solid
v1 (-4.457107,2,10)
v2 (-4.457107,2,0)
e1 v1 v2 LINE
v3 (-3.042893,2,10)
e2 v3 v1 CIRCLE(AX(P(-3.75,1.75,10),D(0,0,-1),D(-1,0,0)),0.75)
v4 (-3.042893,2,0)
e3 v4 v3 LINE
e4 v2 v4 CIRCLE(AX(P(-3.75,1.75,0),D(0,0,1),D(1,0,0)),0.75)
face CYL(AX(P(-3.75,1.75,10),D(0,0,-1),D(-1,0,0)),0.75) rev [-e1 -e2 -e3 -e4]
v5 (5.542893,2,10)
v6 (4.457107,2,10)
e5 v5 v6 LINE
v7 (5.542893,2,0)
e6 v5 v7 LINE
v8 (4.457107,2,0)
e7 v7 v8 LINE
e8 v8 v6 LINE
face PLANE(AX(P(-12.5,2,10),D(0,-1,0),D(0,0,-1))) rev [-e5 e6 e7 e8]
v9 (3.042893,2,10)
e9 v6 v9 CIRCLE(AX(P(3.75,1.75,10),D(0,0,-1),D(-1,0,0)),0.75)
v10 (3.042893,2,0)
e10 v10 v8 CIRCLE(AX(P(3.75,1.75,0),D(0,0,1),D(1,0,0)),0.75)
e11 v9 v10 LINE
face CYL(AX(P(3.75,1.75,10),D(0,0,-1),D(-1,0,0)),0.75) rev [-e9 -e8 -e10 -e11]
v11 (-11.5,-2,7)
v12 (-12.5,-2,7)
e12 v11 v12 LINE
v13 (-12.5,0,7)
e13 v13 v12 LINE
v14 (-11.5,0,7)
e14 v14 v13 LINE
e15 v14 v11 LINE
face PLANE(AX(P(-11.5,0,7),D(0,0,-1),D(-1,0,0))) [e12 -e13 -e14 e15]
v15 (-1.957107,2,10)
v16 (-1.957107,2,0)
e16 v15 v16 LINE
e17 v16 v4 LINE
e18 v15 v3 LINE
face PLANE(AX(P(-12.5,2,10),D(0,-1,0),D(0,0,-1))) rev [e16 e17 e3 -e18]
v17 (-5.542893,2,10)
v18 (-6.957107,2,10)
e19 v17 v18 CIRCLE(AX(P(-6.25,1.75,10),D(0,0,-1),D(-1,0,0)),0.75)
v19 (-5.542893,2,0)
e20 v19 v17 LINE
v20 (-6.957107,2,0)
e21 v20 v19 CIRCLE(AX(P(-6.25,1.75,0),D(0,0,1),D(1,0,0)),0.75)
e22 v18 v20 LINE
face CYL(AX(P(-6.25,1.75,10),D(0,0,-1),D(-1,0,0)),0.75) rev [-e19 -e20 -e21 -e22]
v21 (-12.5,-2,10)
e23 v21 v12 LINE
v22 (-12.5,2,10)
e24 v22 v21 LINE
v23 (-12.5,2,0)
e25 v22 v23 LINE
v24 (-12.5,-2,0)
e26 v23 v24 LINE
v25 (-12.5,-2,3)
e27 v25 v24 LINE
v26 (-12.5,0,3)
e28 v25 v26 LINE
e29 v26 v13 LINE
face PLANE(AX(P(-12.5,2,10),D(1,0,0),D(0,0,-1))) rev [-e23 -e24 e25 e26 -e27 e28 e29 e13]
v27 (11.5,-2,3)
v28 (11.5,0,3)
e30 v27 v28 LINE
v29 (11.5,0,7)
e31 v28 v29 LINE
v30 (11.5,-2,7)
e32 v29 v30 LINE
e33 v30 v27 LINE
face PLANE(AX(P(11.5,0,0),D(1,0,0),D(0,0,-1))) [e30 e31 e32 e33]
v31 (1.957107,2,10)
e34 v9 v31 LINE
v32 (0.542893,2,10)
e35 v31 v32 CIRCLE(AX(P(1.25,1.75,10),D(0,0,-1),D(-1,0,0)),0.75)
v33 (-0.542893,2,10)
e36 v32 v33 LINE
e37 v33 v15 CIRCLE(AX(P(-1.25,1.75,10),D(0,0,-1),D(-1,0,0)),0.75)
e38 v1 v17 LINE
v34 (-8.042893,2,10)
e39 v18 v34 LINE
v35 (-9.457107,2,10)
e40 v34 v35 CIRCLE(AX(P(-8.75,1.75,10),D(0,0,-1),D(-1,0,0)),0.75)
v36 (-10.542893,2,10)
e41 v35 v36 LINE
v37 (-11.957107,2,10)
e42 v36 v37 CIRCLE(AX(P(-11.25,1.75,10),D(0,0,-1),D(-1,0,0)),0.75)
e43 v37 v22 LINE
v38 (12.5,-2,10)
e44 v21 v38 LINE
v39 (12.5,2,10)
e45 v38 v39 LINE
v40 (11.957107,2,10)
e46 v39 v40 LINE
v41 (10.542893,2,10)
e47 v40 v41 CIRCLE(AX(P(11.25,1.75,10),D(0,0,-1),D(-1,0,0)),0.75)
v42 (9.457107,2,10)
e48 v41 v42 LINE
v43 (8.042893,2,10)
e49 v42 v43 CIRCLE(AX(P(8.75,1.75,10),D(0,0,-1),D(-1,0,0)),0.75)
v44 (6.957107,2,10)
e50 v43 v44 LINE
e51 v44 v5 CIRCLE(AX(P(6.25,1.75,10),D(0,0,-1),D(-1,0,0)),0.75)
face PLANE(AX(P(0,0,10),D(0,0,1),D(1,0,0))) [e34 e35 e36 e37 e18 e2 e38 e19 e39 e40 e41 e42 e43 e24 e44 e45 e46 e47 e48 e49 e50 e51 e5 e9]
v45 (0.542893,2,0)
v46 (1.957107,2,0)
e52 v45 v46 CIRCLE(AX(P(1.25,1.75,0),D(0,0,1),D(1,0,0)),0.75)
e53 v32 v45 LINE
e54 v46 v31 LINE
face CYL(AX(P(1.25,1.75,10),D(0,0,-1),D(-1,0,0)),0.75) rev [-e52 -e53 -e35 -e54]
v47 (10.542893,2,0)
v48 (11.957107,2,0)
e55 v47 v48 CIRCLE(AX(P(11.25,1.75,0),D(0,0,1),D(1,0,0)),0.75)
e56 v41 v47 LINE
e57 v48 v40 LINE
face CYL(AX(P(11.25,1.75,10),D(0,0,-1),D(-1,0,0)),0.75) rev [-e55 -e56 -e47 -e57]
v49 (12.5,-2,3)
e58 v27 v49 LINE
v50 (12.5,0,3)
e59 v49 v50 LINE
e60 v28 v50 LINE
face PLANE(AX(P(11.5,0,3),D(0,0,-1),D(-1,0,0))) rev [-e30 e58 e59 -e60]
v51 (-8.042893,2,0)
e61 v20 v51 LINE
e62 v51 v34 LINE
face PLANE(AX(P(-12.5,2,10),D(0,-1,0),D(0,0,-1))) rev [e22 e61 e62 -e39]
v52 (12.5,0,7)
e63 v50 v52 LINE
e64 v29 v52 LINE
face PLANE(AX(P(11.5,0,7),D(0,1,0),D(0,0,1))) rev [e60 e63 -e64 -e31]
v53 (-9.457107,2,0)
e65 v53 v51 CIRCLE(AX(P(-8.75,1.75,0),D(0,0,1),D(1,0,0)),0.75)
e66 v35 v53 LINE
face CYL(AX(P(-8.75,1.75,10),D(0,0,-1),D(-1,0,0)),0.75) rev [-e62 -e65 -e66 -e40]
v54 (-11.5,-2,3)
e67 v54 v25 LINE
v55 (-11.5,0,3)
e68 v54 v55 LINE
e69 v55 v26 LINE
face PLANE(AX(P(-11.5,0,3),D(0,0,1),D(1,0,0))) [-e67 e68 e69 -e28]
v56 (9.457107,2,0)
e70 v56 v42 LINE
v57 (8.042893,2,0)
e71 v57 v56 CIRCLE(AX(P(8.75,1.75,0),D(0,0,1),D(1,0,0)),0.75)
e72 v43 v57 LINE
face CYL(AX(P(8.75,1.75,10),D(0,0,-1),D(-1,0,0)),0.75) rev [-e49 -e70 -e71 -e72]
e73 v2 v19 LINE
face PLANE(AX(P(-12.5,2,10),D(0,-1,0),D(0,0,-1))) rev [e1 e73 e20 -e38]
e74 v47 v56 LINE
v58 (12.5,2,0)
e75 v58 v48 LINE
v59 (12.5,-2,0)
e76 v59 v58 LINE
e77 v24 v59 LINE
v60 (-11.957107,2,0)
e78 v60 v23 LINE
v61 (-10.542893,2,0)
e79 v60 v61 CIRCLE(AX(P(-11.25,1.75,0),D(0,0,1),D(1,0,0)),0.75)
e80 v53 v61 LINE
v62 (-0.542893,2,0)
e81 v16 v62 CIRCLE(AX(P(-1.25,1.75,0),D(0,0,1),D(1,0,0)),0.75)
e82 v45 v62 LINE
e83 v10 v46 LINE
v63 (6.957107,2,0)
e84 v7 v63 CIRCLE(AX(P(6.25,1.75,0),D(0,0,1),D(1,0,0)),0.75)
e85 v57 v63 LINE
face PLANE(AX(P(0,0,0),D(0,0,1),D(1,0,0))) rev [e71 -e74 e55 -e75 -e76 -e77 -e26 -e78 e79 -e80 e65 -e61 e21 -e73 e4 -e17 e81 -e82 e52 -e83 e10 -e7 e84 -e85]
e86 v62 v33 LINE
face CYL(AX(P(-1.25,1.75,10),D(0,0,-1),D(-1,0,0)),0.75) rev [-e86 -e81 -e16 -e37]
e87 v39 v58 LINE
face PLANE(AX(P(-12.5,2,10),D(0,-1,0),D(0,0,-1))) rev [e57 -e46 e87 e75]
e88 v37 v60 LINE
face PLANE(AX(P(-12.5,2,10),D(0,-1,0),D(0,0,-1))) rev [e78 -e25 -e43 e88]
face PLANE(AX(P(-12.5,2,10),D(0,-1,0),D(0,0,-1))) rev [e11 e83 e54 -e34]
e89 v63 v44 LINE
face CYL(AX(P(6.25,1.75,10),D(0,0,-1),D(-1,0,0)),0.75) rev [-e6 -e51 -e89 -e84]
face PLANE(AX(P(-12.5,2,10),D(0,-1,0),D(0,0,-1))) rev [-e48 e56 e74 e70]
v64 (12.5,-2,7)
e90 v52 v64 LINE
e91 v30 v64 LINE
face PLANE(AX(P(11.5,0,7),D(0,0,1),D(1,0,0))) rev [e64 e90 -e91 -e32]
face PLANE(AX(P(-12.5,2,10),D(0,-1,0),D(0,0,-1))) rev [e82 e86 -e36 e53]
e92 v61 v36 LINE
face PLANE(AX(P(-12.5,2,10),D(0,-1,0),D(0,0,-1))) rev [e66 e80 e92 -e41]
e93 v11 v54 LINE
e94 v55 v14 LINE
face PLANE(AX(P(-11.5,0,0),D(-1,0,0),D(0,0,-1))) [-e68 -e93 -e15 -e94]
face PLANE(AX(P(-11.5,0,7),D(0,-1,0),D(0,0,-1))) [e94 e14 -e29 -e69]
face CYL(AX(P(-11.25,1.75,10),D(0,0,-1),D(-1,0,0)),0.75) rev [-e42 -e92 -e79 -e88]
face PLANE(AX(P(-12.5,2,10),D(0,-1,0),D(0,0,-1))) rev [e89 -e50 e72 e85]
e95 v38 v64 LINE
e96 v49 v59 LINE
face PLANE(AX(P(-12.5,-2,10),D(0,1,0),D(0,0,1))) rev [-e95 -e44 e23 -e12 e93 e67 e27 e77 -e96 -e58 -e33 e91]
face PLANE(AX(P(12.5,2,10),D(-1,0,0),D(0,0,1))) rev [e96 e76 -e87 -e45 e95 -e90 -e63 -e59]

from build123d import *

# Parameters (mm, degrees)
SKETCH1_W           = 25
SKETCH1_H           = 4
BOSS_EXTRUDE1_DEPTH = 10
SKETCH2_R           = 0.75
CUT_EXTRUDE1_DEPTH  = 17.132265805
SKETCH4_W           = 4
SKETCH4_H           = 2
CUT_EXTRUDE2_DEPTH  = 1


with BuildPart() as part:
    # Sketch1 → Boss-Extrude1 (new body)
    with BuildSketch(Plane.XY):
        Rectangle(SKETCH1_W, SKETCH1_H)
    extrude(amount=BOSS_EXTRUDE1_DEPTH)

    # Sketch2 → Cut-Extrude1 (cut, through all)
    with BuildSketch(Plane(origin=(0, 0, 0), x_dir=(-1, 0, 0), z_dir=(0, 0, -1))):
        with Locations((-11.25, 1.75)):
            Circle(SKETCH2_R)
        with Locations((-8.75, 1.75)):
            Circle(SKETCH2_R)
        with Locations((-6.25, 1.75)):
            Circle(SKETCH2_R)
        with Locations((-3.75, 1.75)):
            Circle(SKETCH2_R)
        with Locations((-1.25, 1.75)):
            Circle(SKETCH2_R)
        with Locations((1.25, 1.75)):
            Circle(SKETCH2_R)
        with Locations((3.75, 1.75)):
            Circle(SKETCH2_R)
        with Locations((6.25, 1.75)):
            Circle(SKETCH2_R)
        with Locations((8.75, 1.75)):
            Circle(SKETCH2_R)
        with Locations((11.25, 1.75)):
            Circle(SKETCH2_R)
    extrude(amount=-CUT_EXTRUDE1_DEPTH, mode=Mode.SUBTRACT)

    # Sketch4 → Cut-Extrude2 (cut)
    with BuildSketch(Plane(origin=(12.5, 0, 0), x_dir=(0, 0, -1), z_dir=(1, 0, 0))):
        with Locations((-5, -1)):
            Rectangle(SKETCH4_W, SKETCH4_H)
    cut_extrude2 = extrude(amount=-CUT_EXTRUDE2_DEPTH, mode=Mode.SUBTRACT)

    # Mirror1: Cut-Extrude2 across plane
    add(cut_extrude2.mirror(Plane(origin=(0, 0, 0), x_dir=(0, 0, 1), z_dir=(1, 0, 0))), mode=Mode.SUBTRACT)


solid = part.part
